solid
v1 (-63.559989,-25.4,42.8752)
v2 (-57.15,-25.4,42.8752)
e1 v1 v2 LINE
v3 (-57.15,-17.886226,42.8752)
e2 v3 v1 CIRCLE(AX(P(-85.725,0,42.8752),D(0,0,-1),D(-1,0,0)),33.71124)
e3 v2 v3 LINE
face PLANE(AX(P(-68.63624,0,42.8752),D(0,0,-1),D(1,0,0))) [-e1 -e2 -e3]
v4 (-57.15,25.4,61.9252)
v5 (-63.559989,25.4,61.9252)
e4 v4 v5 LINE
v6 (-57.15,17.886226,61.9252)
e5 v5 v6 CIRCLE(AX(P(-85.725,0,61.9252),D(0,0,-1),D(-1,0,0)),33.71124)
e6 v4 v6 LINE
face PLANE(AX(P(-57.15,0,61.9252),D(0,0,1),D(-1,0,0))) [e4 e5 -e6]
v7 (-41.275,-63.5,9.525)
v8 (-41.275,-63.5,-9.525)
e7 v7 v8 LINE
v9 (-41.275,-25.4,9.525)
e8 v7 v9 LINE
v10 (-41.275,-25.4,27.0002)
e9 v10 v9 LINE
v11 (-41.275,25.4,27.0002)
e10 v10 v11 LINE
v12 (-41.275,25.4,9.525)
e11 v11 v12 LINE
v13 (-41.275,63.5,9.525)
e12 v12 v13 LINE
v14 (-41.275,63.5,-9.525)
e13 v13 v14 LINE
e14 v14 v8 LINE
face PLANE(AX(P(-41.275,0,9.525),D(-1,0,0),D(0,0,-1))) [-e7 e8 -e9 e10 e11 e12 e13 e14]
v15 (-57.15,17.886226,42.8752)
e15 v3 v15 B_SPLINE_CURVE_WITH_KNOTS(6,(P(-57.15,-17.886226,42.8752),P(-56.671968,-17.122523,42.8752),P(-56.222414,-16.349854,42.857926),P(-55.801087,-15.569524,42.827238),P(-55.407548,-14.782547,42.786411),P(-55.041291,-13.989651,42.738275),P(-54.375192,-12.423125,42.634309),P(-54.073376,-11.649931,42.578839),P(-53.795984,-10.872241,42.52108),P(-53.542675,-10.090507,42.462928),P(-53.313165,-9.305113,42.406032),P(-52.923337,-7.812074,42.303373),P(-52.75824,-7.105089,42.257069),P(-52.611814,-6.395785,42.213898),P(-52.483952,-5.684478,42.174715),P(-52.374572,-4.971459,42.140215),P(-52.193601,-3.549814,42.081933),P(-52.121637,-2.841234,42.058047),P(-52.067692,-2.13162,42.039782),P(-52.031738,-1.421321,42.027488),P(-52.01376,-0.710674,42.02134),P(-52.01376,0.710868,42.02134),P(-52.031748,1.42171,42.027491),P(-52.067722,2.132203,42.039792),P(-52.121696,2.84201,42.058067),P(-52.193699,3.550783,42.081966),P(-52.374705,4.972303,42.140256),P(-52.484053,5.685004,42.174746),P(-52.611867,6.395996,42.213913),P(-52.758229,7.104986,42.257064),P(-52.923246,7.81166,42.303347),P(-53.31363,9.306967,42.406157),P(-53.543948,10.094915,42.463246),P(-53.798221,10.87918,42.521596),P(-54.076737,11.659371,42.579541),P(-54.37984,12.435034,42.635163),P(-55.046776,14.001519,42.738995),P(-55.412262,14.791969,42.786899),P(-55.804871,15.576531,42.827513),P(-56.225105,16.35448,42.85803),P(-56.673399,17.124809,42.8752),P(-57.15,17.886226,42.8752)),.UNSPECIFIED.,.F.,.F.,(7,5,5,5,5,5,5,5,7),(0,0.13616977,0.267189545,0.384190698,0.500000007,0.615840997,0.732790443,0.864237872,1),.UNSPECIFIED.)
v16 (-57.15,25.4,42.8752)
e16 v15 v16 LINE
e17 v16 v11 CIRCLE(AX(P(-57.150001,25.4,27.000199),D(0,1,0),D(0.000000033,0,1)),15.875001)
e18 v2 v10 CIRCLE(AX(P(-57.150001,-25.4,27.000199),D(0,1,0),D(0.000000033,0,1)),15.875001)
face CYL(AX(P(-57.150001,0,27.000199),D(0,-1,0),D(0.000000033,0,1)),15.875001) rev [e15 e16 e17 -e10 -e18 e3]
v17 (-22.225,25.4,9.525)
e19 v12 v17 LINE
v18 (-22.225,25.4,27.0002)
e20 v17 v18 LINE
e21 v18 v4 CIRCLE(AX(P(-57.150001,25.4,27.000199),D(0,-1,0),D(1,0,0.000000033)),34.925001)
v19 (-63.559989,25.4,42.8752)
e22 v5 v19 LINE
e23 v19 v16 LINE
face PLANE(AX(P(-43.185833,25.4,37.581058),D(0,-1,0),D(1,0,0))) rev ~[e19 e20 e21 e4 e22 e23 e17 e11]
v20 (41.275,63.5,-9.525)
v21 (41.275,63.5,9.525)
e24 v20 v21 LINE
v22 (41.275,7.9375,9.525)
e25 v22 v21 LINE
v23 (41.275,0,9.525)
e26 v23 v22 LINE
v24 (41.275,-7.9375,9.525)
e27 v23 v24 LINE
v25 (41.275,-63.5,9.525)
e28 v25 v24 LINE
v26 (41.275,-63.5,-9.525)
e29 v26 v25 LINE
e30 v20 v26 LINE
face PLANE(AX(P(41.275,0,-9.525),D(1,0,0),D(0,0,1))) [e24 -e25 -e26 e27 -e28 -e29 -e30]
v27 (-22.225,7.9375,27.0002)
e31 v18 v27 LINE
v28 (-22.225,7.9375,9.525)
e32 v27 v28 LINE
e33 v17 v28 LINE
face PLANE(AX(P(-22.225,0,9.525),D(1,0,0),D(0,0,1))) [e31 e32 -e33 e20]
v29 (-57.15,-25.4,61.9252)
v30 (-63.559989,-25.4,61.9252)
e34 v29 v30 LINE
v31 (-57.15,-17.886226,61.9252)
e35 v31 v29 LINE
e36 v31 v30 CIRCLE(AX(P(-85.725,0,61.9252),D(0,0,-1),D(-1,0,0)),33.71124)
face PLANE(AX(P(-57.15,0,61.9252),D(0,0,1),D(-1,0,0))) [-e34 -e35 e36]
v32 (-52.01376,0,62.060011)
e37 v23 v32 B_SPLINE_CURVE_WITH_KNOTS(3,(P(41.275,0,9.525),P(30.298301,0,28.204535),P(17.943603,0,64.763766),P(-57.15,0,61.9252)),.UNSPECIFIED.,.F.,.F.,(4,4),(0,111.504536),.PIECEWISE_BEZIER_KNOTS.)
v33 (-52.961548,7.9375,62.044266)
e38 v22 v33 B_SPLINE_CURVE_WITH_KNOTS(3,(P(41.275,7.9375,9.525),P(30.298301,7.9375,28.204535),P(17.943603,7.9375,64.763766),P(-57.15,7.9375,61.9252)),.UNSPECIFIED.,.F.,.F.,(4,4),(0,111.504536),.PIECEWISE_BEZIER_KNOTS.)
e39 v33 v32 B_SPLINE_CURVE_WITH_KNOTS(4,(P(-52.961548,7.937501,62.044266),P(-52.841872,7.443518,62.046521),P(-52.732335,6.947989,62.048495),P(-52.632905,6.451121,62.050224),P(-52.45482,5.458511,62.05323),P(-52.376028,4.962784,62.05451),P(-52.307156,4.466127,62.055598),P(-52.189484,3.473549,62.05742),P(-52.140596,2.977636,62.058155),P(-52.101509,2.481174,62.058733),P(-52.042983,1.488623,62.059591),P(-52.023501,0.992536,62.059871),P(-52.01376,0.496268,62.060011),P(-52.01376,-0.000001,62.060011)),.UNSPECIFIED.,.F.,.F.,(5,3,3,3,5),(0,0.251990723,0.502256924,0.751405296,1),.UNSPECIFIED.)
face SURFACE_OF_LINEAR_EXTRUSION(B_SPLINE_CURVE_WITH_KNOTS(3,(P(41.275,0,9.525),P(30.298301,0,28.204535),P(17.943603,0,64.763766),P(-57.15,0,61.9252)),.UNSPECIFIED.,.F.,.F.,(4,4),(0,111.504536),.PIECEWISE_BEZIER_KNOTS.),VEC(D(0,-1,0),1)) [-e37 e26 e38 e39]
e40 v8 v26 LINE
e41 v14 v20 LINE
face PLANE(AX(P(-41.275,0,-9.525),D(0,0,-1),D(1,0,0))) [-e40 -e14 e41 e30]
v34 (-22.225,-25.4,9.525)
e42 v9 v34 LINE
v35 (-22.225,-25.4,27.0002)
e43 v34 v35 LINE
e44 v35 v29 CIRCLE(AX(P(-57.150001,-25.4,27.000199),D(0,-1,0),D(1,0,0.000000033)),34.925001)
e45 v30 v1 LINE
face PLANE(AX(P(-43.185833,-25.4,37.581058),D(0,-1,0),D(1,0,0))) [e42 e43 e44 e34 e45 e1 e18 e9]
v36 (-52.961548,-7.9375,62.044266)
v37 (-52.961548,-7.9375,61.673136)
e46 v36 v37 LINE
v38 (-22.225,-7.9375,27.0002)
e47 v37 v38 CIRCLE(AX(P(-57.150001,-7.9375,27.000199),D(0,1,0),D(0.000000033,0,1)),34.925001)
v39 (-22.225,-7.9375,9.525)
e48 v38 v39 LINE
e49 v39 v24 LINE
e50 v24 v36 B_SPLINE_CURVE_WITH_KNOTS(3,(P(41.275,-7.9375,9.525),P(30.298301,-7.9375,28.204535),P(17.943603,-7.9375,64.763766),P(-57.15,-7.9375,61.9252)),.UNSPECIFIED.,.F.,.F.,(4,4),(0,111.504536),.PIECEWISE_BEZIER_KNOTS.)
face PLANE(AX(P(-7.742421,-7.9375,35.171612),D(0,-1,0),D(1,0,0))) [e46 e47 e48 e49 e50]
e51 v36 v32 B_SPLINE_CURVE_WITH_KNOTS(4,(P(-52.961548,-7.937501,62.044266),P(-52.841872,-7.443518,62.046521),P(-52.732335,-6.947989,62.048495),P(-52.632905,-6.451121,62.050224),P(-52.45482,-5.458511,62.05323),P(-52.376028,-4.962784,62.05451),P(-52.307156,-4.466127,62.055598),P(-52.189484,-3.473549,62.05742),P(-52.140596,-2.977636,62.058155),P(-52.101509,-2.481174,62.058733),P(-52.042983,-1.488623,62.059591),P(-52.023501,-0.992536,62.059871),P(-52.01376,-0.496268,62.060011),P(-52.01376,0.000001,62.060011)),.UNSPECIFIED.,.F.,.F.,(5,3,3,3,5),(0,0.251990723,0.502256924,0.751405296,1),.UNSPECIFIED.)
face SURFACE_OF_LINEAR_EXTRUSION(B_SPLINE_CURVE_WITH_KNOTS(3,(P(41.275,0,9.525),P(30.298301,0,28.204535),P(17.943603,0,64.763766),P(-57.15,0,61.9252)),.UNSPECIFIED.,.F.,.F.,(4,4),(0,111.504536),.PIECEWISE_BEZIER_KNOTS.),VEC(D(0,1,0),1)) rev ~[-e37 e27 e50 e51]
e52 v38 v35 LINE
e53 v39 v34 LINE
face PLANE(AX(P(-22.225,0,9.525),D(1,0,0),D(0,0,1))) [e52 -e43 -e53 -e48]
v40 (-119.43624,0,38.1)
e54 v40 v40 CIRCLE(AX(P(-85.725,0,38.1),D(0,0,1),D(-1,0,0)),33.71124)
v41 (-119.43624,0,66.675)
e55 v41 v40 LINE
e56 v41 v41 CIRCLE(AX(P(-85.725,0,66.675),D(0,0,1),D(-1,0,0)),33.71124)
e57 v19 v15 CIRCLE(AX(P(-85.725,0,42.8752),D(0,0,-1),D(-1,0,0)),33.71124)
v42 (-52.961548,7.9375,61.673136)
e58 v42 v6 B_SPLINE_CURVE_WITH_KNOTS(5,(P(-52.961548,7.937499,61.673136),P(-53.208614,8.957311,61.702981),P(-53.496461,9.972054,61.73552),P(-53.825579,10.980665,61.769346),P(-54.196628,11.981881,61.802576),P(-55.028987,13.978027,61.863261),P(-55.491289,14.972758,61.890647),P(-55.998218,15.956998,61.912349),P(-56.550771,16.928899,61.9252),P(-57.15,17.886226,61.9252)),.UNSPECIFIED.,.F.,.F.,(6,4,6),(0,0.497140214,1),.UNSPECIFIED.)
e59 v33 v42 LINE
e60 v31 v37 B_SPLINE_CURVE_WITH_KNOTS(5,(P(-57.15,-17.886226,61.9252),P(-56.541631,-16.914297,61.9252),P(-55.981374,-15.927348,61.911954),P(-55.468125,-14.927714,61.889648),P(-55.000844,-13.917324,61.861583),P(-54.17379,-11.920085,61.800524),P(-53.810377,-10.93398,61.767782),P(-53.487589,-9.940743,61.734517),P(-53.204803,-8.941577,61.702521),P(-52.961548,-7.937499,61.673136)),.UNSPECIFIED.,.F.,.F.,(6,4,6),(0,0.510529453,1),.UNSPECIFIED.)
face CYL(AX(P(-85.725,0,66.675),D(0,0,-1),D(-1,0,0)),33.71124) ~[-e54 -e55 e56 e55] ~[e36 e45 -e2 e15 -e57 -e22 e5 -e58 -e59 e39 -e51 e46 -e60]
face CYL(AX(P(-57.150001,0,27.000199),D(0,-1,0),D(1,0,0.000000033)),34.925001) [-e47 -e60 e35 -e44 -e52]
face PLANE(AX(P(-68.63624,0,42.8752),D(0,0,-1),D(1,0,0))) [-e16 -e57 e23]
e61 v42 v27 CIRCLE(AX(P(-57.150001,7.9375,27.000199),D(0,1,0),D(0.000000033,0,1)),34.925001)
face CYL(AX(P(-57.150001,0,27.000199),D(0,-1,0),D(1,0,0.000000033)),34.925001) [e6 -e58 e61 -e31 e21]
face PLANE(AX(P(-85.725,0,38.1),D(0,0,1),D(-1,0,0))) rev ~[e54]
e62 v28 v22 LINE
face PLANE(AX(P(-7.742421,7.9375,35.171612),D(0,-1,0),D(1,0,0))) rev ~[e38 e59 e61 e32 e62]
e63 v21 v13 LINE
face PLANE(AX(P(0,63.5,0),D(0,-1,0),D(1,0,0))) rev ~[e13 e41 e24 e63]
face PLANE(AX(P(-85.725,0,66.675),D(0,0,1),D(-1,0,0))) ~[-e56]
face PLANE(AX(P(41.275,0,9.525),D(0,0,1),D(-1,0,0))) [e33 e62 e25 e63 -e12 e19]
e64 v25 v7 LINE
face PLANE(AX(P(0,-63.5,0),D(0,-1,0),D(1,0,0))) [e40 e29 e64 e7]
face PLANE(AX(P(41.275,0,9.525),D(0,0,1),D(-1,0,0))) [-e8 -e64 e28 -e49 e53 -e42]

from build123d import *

# Parameters (mm, degrees)
F1_DEPTH = 63.5
F0_W     = 17.08876
F0_H     = 4.7498
F2_DEPTH = 25.4
F3_DEPTH = 7.9375


with BuildPart() as f1:
    # F0 (on Front) → F1 (new body, symmetric)
    with BuildSketch(Plane.XZ):
        Polygon((-41.275, 9.525), (-41.275, -9.525), (41.275, -9.525), (41.275, 9.525), (-22.225, 9.525), align=None)
    extrude(amount=F1_DEPTH, both=True)

    # F0 (on Front) → F2 (join, symmetric)
    with BuildSketch(Plane.XZ):
        with Locations((-77.18062, 64.3001)):
            Rectangle(F0_W, F0_H)
        with BuildLine():
            Line((-41.275, 27.0002), (-41.275, 9.525))
            Line((-41.275, 9.525), (-22.225, 9.525))
            Line((-22.225, 9.525), (-22.225, 27.0002))
            ThreePointArc((-22.225, 27.0002), (-32.454296, 51.695904), (-57.15, 61.9252))
            Line((-57.15, 61.9252), (-68.63624, 61.9252))
            Line((-68.63624, 61.9252), (-68.63624, 42.8752))
            Line((-68.63624, 42.8752), (-57.15, 42.8752))
            ThreePointArc((-57.15, 42.8752), (-45.92468, 38.22552), (-41.275, 27.0002))
        make_face()
    extrude(amount=F2_DEPTH, both=True)

    # F0 (on Front) → F3 (join, symmetric)
    with BuildSketch(Plane.XZ):
        with BuildLine():
            Line((-22.225, 9.525), (41.275, 9.525))
            add(Edge.make_bspline(
                [(41.275, 9.525), (30.298301, 28.204535), (17.943603, 64.763766), (-57.15, 61.9252)],
                knots=[0, 0, 0, 0, 111.504536, 111.504536, 111.504536, 111.504536], degree=3))
            ThreePointArc((-57.15, 61.9252), (-32.454296, 51.695904), (-22.225, 27.0002))
            Line((-22.225, 27.0002), (-22.225, 9.525))
        make_face()
    extrude(amount=F3_DEPTH, both=True)

    # F0 (on Front) → F4 (revolve)
    with BuildSketch(Plane.XZ):
        Polygon((-85.725, 42.8752), (-85.725, 61.9252), (-85.725, 66.675), (-119.43624, 66.675), (-119.43624, 38.1), (-85.725, 38.1), align=None)
    revolve(axis=Axis((-85.725, 0, 52.3875), (0, 0, 1)))


solid = f1.part
